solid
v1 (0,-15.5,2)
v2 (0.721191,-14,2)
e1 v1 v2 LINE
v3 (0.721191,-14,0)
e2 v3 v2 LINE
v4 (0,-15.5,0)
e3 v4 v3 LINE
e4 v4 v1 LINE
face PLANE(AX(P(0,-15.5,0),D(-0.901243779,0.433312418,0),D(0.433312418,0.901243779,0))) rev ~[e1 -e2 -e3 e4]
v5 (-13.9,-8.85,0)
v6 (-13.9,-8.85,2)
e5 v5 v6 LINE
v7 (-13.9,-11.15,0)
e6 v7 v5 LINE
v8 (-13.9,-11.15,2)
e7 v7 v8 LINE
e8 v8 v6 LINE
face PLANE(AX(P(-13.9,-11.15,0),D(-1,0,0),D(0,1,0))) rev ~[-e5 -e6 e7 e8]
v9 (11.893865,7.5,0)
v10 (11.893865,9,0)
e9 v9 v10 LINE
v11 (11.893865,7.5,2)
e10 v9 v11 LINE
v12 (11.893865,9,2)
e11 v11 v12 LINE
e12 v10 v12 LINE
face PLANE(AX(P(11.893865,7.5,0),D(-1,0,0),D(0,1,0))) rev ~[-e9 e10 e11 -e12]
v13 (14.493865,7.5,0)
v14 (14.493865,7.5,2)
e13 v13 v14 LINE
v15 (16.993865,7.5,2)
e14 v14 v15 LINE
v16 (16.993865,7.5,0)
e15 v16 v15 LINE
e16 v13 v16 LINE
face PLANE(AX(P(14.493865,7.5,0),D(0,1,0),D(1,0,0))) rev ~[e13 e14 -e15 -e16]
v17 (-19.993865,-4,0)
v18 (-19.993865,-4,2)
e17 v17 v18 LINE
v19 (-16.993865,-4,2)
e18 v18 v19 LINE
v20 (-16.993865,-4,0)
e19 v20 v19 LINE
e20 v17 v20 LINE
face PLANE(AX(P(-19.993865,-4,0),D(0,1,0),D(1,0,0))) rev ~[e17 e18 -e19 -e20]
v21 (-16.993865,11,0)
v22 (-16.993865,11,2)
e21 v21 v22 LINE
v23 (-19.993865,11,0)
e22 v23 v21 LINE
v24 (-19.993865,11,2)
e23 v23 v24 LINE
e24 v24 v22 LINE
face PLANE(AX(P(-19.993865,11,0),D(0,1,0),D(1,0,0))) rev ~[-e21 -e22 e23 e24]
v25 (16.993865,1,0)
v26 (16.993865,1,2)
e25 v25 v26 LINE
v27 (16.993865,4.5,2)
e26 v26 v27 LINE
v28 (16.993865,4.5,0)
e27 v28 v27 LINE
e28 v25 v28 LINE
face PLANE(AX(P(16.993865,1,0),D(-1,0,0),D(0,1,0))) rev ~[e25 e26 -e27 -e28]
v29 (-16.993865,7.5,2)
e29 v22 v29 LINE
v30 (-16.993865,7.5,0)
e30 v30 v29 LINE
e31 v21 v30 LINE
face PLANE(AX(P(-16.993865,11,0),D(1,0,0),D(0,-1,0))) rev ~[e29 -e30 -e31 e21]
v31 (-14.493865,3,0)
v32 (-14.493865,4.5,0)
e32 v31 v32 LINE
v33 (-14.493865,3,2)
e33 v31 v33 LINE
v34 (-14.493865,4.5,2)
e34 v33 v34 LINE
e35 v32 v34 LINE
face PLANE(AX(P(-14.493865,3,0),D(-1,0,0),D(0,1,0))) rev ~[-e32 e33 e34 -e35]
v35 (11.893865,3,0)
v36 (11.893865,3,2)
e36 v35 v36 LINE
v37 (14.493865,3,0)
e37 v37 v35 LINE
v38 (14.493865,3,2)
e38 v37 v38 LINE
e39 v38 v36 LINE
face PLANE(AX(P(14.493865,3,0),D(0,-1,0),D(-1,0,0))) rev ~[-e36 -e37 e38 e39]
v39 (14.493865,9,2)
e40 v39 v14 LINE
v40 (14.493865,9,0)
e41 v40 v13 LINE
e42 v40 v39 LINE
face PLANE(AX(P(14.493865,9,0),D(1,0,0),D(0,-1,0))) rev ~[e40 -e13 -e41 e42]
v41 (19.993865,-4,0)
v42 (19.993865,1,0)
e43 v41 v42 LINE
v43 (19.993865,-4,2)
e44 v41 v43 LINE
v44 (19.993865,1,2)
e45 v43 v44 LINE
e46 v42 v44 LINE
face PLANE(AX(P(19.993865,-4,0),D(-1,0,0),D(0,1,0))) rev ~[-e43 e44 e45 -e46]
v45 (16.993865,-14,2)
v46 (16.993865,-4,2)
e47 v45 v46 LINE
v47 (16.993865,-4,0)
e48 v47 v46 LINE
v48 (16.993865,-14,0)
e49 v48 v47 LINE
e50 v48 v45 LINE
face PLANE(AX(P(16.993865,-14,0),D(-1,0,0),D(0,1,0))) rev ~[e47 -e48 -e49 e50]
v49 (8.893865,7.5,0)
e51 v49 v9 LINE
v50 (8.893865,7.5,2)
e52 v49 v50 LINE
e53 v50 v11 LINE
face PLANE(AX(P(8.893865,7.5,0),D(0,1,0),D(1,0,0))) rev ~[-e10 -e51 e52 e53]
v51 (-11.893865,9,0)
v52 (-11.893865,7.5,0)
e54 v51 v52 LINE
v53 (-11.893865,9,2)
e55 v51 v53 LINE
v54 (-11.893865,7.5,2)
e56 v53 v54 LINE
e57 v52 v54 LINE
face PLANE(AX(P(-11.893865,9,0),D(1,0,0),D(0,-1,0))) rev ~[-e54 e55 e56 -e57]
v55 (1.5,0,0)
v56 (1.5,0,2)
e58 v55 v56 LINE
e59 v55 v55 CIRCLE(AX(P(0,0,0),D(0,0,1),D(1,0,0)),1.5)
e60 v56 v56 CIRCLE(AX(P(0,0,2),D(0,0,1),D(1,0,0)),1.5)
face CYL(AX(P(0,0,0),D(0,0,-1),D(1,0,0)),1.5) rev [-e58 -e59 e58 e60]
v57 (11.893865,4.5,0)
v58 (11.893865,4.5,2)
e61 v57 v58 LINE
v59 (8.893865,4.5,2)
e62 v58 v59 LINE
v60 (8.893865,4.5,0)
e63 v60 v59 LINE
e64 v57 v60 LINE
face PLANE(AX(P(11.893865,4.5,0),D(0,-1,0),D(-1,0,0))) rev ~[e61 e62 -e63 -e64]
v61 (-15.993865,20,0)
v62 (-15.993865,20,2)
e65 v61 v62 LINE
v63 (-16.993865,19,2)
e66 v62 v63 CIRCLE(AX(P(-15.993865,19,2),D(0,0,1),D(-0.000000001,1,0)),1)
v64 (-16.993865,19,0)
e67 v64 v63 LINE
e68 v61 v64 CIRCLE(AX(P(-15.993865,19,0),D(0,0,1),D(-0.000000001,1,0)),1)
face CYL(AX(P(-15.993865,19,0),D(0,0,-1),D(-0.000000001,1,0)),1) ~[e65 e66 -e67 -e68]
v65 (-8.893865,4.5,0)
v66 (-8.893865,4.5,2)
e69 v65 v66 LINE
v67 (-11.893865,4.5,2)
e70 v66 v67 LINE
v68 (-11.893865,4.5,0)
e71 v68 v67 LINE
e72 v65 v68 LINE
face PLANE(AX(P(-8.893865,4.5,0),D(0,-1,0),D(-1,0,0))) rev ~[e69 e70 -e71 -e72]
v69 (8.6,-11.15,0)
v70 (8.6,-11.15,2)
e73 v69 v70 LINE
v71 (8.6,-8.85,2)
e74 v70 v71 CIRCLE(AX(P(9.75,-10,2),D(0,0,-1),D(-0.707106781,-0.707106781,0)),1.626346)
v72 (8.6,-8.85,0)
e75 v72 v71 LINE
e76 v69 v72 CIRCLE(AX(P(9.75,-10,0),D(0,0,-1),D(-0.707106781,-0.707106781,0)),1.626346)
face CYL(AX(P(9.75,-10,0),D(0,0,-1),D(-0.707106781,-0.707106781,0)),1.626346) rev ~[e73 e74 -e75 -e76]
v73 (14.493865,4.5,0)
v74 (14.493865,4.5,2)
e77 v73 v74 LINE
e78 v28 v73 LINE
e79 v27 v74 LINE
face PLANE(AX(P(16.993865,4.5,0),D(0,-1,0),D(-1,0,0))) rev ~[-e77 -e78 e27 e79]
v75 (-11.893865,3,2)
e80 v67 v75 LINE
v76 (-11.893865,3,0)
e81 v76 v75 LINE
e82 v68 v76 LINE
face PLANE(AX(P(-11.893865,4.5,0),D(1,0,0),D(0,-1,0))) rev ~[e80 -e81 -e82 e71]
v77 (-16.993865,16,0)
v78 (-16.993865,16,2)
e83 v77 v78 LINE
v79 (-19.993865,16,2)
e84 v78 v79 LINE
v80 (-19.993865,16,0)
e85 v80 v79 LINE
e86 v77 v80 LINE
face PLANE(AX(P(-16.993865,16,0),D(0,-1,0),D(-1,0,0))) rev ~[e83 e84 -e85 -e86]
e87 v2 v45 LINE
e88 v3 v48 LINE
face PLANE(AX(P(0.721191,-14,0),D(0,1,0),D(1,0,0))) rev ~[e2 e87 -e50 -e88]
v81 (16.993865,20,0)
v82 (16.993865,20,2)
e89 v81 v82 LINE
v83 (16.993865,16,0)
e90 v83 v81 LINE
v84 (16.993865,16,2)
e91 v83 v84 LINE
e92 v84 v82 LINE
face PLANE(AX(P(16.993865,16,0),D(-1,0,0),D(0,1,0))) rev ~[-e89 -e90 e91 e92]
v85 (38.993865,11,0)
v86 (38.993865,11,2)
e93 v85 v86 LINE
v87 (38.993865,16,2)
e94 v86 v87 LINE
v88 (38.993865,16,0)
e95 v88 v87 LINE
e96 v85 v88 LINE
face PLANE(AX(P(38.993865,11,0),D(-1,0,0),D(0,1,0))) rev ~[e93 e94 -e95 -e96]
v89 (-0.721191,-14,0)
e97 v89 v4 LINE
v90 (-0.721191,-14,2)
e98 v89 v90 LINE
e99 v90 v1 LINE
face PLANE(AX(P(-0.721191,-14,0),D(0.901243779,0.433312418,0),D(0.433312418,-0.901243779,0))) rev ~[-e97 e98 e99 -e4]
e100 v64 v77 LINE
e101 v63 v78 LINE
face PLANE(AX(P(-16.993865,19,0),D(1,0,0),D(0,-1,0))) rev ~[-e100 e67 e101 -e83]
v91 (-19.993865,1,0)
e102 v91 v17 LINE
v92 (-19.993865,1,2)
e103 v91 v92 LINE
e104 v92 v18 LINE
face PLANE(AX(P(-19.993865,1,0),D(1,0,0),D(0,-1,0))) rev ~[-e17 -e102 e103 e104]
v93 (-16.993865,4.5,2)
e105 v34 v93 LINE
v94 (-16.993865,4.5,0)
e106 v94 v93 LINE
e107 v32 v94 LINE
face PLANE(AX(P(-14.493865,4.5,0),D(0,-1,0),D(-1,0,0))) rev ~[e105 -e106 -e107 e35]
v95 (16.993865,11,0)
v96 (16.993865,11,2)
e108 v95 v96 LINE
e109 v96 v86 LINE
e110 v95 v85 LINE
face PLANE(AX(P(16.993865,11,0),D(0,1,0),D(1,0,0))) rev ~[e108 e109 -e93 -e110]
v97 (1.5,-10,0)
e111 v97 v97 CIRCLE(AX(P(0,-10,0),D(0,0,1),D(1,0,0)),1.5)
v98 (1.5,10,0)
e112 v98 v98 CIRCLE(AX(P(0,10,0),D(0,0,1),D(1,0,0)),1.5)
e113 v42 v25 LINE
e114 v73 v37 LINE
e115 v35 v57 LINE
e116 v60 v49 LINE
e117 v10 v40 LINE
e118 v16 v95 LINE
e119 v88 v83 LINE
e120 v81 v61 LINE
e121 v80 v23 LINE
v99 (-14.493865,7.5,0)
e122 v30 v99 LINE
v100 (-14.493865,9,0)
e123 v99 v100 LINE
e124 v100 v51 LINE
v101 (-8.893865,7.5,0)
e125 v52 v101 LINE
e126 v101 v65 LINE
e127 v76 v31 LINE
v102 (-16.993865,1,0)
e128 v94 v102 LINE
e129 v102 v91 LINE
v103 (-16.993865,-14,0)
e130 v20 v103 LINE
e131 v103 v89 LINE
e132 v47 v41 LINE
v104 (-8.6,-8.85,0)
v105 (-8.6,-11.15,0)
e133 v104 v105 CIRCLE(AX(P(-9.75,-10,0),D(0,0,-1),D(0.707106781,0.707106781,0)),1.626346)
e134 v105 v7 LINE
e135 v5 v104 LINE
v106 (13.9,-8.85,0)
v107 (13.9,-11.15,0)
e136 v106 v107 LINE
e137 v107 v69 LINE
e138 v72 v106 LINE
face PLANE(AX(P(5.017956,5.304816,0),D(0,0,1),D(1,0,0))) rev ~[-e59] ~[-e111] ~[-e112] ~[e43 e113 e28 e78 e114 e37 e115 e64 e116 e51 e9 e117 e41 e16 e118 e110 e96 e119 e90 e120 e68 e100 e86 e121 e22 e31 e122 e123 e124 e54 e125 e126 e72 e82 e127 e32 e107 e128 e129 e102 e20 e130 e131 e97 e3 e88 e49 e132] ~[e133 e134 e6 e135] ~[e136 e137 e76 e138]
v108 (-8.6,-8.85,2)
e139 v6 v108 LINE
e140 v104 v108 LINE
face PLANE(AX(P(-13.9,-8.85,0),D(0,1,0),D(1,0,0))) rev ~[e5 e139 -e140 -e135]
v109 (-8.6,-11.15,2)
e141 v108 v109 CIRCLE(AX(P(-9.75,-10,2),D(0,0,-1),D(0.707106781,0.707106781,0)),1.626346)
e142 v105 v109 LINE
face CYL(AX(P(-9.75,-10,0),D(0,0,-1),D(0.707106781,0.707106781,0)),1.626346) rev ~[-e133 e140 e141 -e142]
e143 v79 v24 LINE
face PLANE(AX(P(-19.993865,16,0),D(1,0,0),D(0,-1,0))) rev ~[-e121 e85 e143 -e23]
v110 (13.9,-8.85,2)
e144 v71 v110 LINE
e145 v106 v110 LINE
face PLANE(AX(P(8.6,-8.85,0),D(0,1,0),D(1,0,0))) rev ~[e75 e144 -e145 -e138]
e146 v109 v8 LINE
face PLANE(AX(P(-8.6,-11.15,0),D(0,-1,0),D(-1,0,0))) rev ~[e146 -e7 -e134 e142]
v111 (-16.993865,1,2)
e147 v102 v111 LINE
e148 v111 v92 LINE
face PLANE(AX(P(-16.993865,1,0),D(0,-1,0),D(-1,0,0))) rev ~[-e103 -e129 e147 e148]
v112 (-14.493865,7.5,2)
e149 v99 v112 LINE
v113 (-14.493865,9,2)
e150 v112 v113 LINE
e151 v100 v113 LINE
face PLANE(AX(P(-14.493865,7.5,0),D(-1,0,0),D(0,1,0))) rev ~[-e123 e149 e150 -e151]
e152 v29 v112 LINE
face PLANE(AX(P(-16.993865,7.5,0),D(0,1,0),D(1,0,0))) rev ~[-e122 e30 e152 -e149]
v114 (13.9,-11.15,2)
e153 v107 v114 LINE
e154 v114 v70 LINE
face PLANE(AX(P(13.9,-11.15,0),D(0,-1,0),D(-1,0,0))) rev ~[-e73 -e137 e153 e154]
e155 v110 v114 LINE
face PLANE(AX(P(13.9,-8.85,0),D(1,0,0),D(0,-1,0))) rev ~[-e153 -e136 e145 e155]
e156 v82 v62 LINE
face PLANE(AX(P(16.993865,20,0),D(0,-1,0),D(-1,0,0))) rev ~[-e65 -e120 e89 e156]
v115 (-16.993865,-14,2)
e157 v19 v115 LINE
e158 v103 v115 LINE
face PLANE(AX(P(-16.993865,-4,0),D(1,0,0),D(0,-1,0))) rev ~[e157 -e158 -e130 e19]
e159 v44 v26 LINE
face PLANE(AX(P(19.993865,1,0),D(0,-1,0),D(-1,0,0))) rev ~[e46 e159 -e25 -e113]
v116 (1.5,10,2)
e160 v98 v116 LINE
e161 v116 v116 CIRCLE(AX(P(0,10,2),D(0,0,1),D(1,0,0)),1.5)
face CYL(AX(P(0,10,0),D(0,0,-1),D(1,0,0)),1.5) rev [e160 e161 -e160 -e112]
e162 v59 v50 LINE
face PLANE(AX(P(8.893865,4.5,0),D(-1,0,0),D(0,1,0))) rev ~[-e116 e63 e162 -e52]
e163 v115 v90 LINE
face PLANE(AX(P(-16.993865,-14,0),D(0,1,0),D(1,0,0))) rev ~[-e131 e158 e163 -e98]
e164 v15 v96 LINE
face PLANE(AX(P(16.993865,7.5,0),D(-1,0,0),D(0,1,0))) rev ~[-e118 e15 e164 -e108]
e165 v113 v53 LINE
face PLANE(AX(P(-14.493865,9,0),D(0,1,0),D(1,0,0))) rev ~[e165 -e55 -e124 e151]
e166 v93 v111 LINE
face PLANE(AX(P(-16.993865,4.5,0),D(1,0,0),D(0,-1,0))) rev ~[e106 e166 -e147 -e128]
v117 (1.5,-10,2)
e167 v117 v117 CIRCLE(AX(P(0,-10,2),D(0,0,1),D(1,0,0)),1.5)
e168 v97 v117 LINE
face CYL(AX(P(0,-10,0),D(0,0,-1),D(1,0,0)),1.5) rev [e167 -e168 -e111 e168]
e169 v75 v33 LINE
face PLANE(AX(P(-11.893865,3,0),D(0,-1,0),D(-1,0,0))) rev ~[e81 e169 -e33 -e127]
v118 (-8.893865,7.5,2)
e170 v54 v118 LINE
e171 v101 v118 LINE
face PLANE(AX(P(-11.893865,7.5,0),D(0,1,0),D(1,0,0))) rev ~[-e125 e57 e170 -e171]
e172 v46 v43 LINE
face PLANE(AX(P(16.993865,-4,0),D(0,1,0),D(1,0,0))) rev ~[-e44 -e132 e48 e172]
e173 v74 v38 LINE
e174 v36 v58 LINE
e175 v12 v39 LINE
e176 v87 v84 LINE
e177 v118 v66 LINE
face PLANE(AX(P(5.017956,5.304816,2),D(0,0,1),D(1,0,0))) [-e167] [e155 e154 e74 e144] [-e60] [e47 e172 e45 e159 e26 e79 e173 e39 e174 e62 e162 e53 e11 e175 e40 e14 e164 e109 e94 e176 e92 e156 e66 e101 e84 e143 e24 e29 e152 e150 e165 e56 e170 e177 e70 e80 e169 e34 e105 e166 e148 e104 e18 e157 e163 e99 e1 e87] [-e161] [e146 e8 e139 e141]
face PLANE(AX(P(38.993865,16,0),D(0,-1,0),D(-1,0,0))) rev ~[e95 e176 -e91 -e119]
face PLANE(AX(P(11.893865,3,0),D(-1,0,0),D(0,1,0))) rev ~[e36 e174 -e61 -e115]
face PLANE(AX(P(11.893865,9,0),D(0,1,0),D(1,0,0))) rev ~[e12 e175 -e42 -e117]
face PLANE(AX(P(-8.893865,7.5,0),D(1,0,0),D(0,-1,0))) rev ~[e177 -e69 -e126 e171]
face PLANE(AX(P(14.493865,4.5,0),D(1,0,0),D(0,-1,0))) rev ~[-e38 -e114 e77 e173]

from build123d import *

# Parameters (mm, degrees)
SKETCH_1_R      = 1.5
EXTRUDE_1_DEPTH = 2


with BuildPart() as part:
    # 草图1 → 凸台-拉伸1 (new body)
    with BuildSketch(Plane.XY):
        with BuildLine():
            Line((16.993865071, 16), (16.993865071, 20))
            Line((16.993865071, 20), (-15.993865071, 20))
            ThreePointArc((-15.993865071, 20), (-16.700971852, 19.707106781), (-16.993865071, 19))
            Line((-16.993865071, 19), (-16.993865071, 16))
            Line((-16.993865071, 16), (-19.993865071, 16))
            Line((-19.993865071, 16), (-19.993865071, 11))
            Line((-19.993865071, 11), (-16.993865071, 11))
            Line((-16.993865071, 11), (-16.993865071, 7.5))
            Line((-16.993865071, 7.5), (-14.493865071, 7.5))
            Line((-14.493865071, 7.5), (-14.493865071, 9))
            Line((-14.493865071, 9), (-11.893865071, 9))
            Line((-11.893865071, 9), (-11.893865071, 7.5))
            Line((-11.893865071, 7.5), (-8.893865071, 7.5))
            Line((-8.893865071, 7.5), (-8.893865071, 4.5))
            Line((-8.893865071, 4.5), (-11.893865071, 4.5))
            Line((-11.893865071, 4.5), (-11.893865071, 3))
            Line((-11.893865071, 3), (-14.493865071, 3))
            Line((-14.493865071, 3), (-14.493865071, 4.5))
            Line((-14.493865071, 4.5), (-16.993865071, 4.5))
            Line((-16.993865071, 4.5), (-16.993865071, 1))
            Line((-16.993865071, 1), (-19.993865071, 1))
            Line((-19.993865071, 1), (-19.993865071, -4))
            Line((-19.993865071, -4), (-16.993865071, -4))
            Line((-16.993865071, -4), (-16.993865071, -13))
            Line((-16.993865071, -13), (-16.993865071, -14))
            Line((-16.993865071, -14), (-0.721190694, -14))
            Line((-0.721190694, -14), (0, -15.5))
            Line((0, -15.5), (0.721190694, -14))
            Line((0.721190694, -14), (16.993865071, -14))
            Line((16.993865071, -14), (16.993865071, -13))
            Line((16.993865071, -13), (16.993865071, -4))
            Line((16.993865071, -4), (19.993865071, -4))
            Line((19.993865071, -4), (19.993865071, 1))
            Line((19.993865071, 1), (16.993865071, 1))
            Line((16.993865071, 1), (16.993865071, 4.5))
            Line((16.993865071, 4.5), (14.493865071, 4.5))
            Line((14.493865071, 4.5), (14.493865071, 3))
            Line((14.493865071, 3), (11.893865071, 3))
            Line((11.893865071, 3), (11.893865071, 4.5))
            Line((11.893865071, 4.5), (8.893865071, 4.5))
            Line((8.893865071, 4.5), (8.893865071, 7.5))
            Line((8.893865071, 7.5), (11.893865071, 7.5))
            Line((11.893865071, 7.5), (11.893865071, 9))
            Line((11.893865071, 9), (14.493865071, 9))
            Line((14.493865071, 9), (14.493865071, 7.5))
            Line((14.493865071, 7.5), (16.993865071, 7.5))
            Line((16.993865071, 7.5), (16.993865071, 11))
            Line((16.993865071, 11), (38.993865071, 11))
            Line((38.993865071, 11), (38.993865071, 16))
            Line((38.993865071, 16), (16.993865071, 16))
        make_face()
        with Locations((0, -10)):
            Circle(SKETCH_1_R, mode=Mode.SUBTRACT)
        Circle(SKETCH_1_R, mode=Mode.SUBTRACT)
        with Locations((0, 10)):
            Circle(SKETCH_1_R, mode=Mode.SUBTRACT)
        with BuildLine():
            Line((13.9, -11.15), (8.6, -11.15))
            ThreePointArc((8.6, -11.15), (8.123654403, -10), (8.6, -8.85))
            Line((8.6, -8.85), (13.9, -8.85))
            Line((13.9, -8.85), (13.9, -11.15))
        make_face(mode=Mode.SUBTRACT)
        with BuildLine():
            Line((-13.9, -8.85), (-8.6, -8.85))
            ThreePointArc((-8.6, -8.85), (-8.123654403, -10), (-8.6, -11.15))
            Line((-8.6, -11.15), (-13.9, -11.15))
            Line((-13.9, -11.15), (-13.9, -8.85))
        make_face(mode=Mode.SUBTRACT)
    extrude(amount=EXTRUDE_1_DEPTH)


solid = part.part
